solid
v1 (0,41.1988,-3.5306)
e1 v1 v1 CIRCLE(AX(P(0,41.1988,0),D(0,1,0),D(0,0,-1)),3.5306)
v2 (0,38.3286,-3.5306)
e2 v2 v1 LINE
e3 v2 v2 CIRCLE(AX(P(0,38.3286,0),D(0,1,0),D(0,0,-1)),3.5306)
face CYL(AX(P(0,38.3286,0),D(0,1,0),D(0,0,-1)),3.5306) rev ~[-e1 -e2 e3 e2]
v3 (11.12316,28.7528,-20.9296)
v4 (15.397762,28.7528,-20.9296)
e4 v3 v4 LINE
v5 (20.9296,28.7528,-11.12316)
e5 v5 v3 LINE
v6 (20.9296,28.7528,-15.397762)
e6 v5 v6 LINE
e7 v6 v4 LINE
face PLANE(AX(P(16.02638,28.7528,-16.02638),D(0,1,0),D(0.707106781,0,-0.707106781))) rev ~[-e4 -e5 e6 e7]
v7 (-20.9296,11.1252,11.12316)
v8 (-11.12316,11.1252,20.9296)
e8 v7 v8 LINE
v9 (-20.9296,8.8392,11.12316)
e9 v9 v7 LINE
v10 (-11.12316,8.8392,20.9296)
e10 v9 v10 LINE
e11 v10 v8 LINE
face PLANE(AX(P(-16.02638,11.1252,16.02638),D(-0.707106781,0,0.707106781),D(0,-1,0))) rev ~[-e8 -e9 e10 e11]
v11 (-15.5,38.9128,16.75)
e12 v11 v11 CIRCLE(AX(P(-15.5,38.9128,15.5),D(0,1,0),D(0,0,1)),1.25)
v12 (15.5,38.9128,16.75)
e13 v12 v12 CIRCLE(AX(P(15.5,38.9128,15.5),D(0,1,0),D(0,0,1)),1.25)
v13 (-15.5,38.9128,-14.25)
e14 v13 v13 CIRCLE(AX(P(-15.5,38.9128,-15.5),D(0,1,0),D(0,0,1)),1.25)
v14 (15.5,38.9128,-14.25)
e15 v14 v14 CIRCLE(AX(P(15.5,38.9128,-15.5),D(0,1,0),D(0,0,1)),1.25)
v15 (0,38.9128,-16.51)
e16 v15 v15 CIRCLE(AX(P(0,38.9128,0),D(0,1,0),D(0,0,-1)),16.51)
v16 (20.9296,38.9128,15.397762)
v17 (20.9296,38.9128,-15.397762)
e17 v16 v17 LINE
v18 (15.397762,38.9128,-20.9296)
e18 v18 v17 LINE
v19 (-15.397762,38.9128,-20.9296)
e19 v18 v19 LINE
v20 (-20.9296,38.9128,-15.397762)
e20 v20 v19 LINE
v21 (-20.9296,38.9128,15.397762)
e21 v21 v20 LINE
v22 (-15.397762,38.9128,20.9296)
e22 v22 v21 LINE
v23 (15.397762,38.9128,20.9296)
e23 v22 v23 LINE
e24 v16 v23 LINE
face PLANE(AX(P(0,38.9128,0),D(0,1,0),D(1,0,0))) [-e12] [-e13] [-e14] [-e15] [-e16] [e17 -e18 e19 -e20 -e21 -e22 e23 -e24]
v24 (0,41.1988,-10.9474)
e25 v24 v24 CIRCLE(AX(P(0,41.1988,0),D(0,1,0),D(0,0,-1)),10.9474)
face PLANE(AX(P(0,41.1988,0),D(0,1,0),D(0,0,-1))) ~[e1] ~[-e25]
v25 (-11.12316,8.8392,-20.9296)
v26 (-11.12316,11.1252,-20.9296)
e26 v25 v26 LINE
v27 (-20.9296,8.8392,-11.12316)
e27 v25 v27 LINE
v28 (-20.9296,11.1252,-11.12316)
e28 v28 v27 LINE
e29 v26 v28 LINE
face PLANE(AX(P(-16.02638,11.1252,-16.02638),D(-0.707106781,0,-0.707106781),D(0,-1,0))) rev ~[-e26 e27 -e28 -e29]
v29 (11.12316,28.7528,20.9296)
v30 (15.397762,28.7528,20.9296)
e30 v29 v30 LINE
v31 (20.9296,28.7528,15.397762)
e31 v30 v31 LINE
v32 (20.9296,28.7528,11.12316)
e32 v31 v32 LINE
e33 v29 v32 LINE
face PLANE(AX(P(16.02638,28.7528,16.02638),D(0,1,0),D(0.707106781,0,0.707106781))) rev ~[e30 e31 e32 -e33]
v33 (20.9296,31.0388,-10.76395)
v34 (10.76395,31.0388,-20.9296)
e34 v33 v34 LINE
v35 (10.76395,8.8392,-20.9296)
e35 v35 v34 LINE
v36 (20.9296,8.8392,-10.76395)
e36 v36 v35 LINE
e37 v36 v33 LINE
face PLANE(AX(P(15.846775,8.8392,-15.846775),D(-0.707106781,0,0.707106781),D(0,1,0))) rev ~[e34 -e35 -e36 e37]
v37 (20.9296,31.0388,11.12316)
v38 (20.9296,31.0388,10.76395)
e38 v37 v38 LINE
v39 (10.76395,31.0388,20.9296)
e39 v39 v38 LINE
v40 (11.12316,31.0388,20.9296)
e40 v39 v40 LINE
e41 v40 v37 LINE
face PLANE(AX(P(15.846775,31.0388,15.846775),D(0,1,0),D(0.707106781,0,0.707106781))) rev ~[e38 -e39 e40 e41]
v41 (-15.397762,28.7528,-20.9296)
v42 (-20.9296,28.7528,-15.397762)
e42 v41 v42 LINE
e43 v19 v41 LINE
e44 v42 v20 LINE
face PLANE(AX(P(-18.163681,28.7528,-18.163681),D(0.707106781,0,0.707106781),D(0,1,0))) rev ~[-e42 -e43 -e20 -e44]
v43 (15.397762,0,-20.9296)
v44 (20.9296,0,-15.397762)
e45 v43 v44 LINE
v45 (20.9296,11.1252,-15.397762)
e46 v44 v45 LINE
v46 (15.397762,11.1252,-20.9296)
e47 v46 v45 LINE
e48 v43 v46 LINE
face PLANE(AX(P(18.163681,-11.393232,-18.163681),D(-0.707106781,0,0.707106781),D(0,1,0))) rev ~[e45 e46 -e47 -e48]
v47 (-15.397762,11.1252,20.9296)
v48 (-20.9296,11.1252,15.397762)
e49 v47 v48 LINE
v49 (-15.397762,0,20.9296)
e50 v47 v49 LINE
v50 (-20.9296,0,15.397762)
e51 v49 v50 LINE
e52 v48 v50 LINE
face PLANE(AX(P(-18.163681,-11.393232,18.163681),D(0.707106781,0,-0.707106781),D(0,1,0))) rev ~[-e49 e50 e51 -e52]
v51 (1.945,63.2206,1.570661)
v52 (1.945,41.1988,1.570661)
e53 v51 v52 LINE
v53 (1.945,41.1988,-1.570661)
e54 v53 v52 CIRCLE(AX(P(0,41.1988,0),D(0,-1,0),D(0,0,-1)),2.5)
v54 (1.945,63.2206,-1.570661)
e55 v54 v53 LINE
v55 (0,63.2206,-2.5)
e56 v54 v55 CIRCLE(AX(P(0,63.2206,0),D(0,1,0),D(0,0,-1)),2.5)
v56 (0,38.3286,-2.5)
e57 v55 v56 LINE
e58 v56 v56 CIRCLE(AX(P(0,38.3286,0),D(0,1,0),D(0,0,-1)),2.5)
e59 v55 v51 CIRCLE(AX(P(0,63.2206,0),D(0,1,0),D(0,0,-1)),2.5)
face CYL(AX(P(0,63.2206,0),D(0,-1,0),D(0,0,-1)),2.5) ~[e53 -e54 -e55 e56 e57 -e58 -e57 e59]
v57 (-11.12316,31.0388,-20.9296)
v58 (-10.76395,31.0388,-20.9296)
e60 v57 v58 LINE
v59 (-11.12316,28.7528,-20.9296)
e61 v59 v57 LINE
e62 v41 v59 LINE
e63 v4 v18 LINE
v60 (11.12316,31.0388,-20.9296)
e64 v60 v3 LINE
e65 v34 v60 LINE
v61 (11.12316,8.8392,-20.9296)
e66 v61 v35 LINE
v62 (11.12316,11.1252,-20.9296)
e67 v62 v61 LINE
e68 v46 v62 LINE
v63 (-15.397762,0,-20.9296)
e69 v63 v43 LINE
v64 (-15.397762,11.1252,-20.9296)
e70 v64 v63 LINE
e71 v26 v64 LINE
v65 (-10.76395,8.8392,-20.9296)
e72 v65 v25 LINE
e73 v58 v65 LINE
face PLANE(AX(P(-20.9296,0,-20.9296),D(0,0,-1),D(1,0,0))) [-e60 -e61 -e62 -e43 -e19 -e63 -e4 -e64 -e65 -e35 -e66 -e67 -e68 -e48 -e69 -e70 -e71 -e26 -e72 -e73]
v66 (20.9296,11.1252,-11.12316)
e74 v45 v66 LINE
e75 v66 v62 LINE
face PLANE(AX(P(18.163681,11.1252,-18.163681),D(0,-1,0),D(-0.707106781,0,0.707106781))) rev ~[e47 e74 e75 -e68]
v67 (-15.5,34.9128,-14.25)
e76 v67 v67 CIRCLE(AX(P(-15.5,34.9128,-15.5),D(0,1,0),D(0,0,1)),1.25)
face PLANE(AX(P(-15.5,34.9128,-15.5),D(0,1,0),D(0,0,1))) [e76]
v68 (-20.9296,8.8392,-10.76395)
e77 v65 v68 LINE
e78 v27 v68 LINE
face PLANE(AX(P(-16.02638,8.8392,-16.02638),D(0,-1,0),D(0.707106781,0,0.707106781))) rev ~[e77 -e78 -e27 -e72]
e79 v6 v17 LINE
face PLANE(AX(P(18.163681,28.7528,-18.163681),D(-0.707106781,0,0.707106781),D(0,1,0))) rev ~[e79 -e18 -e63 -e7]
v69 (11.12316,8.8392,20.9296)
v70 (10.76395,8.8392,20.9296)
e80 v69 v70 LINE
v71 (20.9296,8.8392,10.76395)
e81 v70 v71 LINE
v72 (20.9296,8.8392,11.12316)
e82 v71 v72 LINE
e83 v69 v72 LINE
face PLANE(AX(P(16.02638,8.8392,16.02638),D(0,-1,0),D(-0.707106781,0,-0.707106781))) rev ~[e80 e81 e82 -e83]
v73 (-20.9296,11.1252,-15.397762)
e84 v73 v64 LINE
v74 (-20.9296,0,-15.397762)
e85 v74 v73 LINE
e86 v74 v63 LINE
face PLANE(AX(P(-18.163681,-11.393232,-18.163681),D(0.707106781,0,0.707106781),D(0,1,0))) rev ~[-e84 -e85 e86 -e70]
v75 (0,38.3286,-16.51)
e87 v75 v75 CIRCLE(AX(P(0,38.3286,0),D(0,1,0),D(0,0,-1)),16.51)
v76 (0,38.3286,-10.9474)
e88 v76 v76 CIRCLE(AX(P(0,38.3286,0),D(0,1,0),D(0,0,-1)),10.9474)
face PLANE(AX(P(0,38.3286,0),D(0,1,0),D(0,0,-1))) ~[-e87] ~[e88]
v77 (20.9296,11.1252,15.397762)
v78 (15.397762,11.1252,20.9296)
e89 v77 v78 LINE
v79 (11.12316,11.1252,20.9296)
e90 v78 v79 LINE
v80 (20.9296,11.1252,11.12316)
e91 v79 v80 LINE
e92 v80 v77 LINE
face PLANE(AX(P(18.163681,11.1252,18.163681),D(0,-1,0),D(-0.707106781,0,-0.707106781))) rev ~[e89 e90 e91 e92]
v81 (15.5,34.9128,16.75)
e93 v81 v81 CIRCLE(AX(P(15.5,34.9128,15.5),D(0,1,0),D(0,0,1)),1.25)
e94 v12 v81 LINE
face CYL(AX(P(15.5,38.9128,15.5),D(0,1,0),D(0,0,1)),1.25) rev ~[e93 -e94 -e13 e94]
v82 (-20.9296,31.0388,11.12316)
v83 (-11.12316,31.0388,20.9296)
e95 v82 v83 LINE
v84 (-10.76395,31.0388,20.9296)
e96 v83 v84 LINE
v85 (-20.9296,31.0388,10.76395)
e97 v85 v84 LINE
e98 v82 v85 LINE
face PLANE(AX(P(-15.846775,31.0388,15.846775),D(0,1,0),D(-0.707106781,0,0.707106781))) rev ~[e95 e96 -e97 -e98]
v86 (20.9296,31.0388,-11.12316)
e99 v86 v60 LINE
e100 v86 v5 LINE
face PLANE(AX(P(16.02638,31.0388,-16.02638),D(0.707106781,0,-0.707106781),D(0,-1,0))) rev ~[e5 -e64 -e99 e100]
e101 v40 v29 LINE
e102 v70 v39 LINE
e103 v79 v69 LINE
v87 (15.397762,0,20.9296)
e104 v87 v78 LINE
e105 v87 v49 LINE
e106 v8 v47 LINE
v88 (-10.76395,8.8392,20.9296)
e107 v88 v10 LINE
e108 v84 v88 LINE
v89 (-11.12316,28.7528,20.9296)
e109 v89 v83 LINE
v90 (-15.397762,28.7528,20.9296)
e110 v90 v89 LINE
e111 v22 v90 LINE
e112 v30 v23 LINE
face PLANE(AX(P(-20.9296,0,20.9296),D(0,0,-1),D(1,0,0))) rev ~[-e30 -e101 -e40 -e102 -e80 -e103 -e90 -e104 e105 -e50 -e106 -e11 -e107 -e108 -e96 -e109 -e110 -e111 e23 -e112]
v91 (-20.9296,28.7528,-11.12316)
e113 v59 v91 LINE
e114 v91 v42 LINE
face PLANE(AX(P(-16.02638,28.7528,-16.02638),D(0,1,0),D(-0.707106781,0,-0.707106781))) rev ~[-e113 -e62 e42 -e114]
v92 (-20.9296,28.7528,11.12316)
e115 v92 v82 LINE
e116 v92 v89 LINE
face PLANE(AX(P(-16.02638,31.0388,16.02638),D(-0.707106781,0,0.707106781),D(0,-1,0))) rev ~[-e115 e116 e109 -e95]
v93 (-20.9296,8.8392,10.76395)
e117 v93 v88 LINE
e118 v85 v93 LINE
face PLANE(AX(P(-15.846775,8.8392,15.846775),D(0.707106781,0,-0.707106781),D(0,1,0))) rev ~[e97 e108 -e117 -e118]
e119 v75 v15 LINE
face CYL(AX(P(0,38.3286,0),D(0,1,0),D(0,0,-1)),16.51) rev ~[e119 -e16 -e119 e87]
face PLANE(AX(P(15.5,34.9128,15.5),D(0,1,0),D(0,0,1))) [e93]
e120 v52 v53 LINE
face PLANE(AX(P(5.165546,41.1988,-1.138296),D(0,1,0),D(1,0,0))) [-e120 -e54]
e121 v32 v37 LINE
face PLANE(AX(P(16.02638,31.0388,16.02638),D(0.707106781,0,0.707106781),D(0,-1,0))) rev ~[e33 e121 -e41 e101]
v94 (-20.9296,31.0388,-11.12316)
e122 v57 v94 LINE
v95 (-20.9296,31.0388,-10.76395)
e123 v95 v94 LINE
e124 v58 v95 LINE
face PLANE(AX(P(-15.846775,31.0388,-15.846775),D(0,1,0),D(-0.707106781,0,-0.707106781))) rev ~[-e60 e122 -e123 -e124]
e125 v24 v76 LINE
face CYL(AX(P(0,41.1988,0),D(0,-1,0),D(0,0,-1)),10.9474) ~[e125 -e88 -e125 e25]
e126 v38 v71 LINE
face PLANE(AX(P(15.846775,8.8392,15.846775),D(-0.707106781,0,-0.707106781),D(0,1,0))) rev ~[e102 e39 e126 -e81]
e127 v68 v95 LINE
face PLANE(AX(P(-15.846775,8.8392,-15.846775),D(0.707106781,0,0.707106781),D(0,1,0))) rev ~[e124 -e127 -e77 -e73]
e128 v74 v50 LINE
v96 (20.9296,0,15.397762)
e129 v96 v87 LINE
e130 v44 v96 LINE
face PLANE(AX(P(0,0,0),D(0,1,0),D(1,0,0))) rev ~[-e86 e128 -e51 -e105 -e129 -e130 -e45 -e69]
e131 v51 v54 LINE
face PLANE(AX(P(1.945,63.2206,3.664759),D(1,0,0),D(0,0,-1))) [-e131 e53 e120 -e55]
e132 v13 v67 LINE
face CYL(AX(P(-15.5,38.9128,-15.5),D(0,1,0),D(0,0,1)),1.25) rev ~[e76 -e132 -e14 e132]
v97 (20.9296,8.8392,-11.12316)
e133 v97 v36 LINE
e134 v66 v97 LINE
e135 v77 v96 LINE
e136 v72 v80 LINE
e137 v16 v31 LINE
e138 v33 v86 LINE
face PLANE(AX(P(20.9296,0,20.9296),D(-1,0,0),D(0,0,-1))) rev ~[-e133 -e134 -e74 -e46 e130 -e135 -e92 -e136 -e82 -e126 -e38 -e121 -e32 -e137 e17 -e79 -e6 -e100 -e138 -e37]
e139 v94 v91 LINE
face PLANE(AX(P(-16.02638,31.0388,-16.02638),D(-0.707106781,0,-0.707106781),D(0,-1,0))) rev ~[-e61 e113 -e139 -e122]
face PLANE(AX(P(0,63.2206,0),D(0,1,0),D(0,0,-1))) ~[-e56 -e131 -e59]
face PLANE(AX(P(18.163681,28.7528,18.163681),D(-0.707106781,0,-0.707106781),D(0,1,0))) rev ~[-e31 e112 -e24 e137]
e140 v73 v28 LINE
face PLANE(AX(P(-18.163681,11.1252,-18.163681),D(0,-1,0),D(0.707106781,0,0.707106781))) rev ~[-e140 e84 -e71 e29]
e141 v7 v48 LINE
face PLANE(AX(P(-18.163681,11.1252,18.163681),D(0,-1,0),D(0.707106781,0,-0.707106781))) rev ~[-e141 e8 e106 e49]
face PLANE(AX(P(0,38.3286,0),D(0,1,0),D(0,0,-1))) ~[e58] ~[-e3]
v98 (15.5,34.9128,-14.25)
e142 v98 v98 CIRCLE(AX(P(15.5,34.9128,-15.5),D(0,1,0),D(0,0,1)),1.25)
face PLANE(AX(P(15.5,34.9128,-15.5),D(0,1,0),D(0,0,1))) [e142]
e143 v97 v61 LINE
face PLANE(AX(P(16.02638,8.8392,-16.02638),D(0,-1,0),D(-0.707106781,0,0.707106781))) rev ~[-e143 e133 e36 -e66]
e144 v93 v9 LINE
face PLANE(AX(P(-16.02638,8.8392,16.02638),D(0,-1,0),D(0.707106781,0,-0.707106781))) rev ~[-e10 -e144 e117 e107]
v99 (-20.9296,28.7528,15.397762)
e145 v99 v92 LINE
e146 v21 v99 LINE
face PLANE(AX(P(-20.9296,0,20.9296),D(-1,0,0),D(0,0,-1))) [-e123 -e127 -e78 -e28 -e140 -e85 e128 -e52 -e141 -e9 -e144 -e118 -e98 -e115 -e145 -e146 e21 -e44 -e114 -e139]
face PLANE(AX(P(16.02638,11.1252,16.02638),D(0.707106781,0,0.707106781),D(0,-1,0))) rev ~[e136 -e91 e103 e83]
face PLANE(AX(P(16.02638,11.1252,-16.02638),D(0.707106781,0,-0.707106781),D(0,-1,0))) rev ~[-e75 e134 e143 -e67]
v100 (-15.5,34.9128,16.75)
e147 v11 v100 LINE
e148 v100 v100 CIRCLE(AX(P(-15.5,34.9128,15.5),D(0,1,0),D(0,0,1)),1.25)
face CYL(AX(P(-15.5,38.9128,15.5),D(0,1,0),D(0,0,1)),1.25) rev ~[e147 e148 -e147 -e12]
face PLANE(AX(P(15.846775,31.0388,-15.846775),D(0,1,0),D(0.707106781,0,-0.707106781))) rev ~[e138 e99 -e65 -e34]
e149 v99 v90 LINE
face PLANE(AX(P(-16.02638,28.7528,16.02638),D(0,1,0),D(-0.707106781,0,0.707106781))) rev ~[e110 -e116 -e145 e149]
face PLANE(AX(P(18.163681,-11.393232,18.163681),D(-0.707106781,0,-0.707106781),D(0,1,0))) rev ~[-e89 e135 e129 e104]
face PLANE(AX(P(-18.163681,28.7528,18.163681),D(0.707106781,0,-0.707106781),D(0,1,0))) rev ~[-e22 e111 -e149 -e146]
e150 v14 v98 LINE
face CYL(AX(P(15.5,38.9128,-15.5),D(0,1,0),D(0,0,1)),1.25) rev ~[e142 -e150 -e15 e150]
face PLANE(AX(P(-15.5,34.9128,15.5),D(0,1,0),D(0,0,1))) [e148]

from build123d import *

# Parameters (mm, degrees)
SKETCH3_W           = 6.441091569
SKETCH3_H           = 9.606110701
CUT_EXTRUDE1_DEPTH  = 22.0218
SKETCH4_W           = 41.8592
SKETCH4_H           = 41.8592
SKETCH4_R           = 18.3896
BOSS_EXTRUDE1_DEPTH = 38.9128
CUT_EXTRUDE2_DEPTH  = 70.806450824
CIRPATTERN1_COUNT   = 4
SKETCH10_R          = 1.25
CUT_EXTRUDE3_DEPTH  = 4


with BuildPart() as part:
    # Sketch2 → Revolve1 (revolve)
    with BuildSketch(Plane.XY, mode=Mode.PRIVATE) as revolve1_sk:
        Polygon((0, 0), (0, 63.2206), (2.5, 63.2206), (2.5, 38.3286), (3.5306, 38.3286), (3.5306, 41.1988), (10.9474, 41.1988), (10.9474, 38.3286), (16.51, 38.3286), (16.51, 38.9128), (20.9296, 38.9128), (20.9296, 0), align=None)
    revolve(revolve1_sk.sketch.rotate(Axis((0, 0, 0), (0, 1, 0)), 90), axis=Axis((0, 0, 0), (0, 1, 0)))

    # Sketch3 → Cut-Extrude1 (cut)
    with BuildSketch(Plane(origin=(0, 63.2206, 0), x_dir=(1, 0, 0), z_dir=(0, 1, 0))):
        with Locations((5.165545785, 1.138296355)):
            Rectangle(SKETCH3_W, SKETCH3_H)
    extrude(amount=-CUT_EXTRUDE1_DEPTH, mode=Mode.SUBTRACT)

    # Sketch4 → Boss-Extrude1 (add)
    with BuildSketch(Plane(origin=(0, 0, 0), x_dir=(1, 0, 0), z_dir=(0, 1, 0))):
        Rectangle(SKETCH4_W, SKETCH4_H)
        Circle(SKETCH4_R, mode=Mode.SUBTRACT)
    extrude(amount=BOSS_EXTRUDE1_DEPTH)

    # Sketch5 → Cut-Extrude2 (cut, symmetric)
    with BuildSketch(Plane(origin=(0, 0, 0), x_dir=(0, 1, 0), z_dir=(0.7071067811865488, 0, 0.7071067811865464))):
        Polygon((0, 25.687324175), (11.1252, 25.687324175), (11.1252, 22.664724175), (8.8392, 22.664724175), (8.8392, 22.410724175), (11.1252, 22.410724175), (28.7528, 22.410724175), (31.0388, 22.410724175), (31.0388, 22.664724175), (28.7528, 22.664724175), (28.7528, 25.687324175), (38.9128, 25.687324175), (48.436079104, 25.687324175), (48.436079104, 38.399610954), (-11.393232354, 38.399610954), (-11.393232354, 25.687324175), align=None)
    cut_extrude2 = extrude(amount=CUT_EXTRUDE2_DEPTH, both=True, mode=Mode.SUBTRACT)

    # CirPattern1: Cut-Extrude2 ×4 about axis
    cirpattern1_axis = Axis((0, 0, 0), (0, 1, 0))
    for i in range(1, CIRPATTERN1_COUNT):
        add(cut_extrude2.rotate(cirpattern1_axis, i * 360 / CIRPATTERN1_COUNT), mode=Mode.SUBTRACT)

    # Sketch10 → Cut-Extrude3 (cut)
    with BuildSketch(Plane(origin=(0, 38.9128, 0), x_dir=(1, 0, 0), z_dir=(0, 1, 0))):
        with Locations(Location((-15.5, 15.5, 0), (0, 0, 270))):
            Circle(SKETCH10_R)
        with Locations(Location((15.5, 15.5, 0), (0, 0, 270))):
            Circle(SKETCH10_R)
        with Locations(Location((15.5, -15.5, 0), (0, 0, 270))):
            Circle(SKETCH10_R)
        with Locations(Location((-15.5, -15.5, 0), (0, 0, 270))):
            Circle(SKETCH10_R)
    extrude(amount=-CUT_EXTRUDE3_DEPTH, mode=Mode.SUBTRACT)


solid = part.part
